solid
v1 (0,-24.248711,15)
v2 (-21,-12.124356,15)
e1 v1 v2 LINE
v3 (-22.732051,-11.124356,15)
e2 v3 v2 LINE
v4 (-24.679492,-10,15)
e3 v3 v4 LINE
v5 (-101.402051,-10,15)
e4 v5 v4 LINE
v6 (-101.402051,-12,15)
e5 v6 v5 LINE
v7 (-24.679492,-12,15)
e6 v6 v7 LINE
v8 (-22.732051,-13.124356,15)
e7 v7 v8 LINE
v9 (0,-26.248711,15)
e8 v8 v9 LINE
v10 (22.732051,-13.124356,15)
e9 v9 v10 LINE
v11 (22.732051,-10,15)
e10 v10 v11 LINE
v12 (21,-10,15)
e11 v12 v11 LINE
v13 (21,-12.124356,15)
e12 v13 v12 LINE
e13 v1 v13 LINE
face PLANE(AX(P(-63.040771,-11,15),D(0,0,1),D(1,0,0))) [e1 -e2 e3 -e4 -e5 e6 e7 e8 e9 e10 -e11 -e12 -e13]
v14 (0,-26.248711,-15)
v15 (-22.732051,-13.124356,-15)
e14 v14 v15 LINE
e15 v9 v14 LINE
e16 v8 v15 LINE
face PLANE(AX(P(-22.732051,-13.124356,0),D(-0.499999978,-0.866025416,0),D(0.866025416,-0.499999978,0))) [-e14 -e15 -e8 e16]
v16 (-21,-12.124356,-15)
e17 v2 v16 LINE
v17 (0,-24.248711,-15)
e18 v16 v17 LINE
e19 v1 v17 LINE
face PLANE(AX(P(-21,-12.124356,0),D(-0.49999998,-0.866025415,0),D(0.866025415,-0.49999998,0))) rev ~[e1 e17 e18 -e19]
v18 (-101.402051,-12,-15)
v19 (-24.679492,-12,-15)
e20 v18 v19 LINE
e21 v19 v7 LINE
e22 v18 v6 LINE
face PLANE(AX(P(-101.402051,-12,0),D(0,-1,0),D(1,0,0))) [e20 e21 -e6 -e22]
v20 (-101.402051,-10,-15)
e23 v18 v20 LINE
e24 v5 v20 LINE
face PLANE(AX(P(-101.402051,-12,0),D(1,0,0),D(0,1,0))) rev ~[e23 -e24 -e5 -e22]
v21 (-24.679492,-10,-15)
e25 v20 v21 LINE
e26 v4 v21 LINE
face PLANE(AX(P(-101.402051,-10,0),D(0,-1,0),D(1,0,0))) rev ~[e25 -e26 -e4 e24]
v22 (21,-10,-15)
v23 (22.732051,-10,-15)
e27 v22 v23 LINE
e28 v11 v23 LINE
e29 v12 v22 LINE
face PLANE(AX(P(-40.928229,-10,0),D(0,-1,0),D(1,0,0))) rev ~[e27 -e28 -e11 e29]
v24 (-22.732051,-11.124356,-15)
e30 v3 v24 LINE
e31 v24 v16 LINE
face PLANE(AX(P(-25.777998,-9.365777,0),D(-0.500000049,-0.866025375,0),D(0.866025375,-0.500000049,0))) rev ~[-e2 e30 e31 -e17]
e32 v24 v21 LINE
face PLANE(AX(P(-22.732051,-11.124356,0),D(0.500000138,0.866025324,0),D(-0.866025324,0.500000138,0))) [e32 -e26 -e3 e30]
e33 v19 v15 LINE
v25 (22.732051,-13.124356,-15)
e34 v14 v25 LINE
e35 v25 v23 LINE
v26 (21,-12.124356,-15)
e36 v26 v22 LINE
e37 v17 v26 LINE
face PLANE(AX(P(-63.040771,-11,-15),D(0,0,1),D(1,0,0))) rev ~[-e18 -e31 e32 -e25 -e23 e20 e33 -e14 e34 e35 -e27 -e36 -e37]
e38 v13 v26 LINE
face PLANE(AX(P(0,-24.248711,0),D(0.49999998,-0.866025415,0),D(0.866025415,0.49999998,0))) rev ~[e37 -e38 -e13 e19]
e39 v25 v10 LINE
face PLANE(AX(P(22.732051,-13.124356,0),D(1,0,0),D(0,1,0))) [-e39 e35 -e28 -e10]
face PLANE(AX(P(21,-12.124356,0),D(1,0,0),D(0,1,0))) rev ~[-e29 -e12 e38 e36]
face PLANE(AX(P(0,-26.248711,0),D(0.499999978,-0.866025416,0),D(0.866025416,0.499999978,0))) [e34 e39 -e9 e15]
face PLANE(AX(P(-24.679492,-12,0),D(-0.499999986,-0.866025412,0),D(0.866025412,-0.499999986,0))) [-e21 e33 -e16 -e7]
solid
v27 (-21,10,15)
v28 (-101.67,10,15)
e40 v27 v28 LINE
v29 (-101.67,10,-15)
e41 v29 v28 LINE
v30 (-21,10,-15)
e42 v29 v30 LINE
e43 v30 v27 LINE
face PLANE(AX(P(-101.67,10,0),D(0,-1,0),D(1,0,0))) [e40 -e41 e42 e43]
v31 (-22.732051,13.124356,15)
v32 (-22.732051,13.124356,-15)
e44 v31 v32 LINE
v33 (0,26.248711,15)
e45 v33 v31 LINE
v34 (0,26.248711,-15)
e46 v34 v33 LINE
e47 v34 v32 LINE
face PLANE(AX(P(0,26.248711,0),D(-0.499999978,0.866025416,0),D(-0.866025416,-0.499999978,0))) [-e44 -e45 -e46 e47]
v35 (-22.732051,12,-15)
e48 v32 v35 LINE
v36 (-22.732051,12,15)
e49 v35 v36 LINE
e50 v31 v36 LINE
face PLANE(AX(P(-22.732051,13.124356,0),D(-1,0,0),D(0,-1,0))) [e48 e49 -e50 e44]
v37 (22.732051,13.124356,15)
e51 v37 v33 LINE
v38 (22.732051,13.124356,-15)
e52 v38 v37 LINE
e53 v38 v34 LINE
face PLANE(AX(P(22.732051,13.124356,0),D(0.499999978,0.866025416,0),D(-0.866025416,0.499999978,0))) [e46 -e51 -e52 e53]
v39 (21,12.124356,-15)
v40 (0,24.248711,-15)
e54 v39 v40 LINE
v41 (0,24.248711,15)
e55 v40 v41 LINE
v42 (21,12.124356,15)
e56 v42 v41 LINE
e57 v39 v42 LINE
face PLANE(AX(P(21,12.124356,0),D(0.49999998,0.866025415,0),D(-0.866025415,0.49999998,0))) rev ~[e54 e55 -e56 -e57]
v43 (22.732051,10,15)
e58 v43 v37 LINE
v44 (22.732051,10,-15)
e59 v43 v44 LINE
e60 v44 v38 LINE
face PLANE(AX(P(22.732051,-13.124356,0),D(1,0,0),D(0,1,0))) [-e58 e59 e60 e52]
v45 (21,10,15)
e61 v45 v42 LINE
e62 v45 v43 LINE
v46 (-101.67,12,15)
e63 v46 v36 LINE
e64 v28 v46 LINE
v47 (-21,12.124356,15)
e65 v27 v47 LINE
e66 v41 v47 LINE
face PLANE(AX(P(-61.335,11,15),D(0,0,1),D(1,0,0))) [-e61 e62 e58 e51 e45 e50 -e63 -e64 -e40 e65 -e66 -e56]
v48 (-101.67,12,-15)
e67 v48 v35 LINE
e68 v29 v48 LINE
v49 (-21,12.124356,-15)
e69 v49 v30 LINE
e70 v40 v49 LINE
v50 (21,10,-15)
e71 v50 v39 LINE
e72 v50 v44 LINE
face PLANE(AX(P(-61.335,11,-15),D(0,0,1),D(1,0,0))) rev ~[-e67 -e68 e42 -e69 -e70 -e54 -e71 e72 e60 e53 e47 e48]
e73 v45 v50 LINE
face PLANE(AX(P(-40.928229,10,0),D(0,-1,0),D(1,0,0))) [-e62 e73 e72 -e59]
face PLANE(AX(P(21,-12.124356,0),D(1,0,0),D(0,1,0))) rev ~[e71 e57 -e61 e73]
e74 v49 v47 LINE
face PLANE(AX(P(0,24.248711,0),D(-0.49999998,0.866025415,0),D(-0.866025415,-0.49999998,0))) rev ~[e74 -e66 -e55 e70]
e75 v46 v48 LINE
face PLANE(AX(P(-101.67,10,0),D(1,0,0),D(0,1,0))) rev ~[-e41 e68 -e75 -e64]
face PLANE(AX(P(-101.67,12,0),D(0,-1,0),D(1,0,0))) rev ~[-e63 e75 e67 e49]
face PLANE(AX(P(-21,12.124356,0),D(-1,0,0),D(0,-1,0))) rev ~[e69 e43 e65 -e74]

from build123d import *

# Parameters (mm, degrees)
F1_DEPTH  = 25
F3_DEPTH  = 15
F5_W      = 81.856458
F5_H      = 20
F6_DEPTH  = 15
F7_W      = 76.722559
F7_H      = 2
F8_DEPTH  = 15
F10_DEPTH = 15
F11_W     = 80.67
F11_H     = 2
F12_DEPTH = 15


with BuildPart() as f1:
    # F0 (on Top) → F1 (new body, symmetric)
    with BuildSketch(Plane.XY):
        Polygon((21, -12.124356), (21, 12.124356), (0, 24.248711), (-21, 12.124356), (-21, -12.124356), (0, -24.248711), align=None)
    extrude(amount=F1_DEPTH, both=True)


with BuildPart() as f3:
    # F2 (on Top) → F3 (new body, symmetric)
    with BuildSketch(Plane.XY):
        Polygon((0, -26.248711), (22.732051, -13.124356), (22.732051, 13.124356), (0, 26.248711), (-22.732051, 13.124356), (-22.732051, -13.124356), align=None)
    extrude(amount=F3_DEPTH, both=True)

    # F4: cut F1
    add(f1.part, mode=Mode.SUBTRACT)

    # F5 (on Top) → F6 (cut, symmetric)
    with BuildSketch(Plane.XY):
        Rectangle(F5_W, F5_H)
    extrude(amount=F6_DEPTH, both=True, mode=Mode.SUBTRACT)

    # F7 (on Top) → F8 (join, symmetric)
    with BuildSketch(Plane.XY):
        with Locations((-63.040771, -11)):
            Rectangle(F7_W, F7_H)
        Polygon((-24.679492, -10), (-24.679492, -12), (-22.732051, -12), (-22.732051, -11.124356), align=None)
        Polygon((-24.679492, -12), (-13.486716, -18.462152), (-12.640724, -16.950586), (-22.732051, -11.124356), (-22.732051, -12), align=None)
    extrude(amount=F8_DEPTH, both=True)

    # F9 (on Top) → F10 (cut, symmetric)
    with BuildSketch(Plane.XY):
        Polygon((-25.777998, -9.365777), (-19.458776, -13.014182), (-18.305326, -9.365777), align=None)
    extrude(amount=F10_DEPTH, both=True, mode=Mode.SUBTRACT)

    # F11 (on Top) → F12 (join, symmetric)
    with BuildSketch(Plane.XY):
        with Locations((-61.335, 11)):
            Rectangle(F11_W, F11_H)
    extrude(amount=F12_DEPTH, both=True)


solid = f3.part
